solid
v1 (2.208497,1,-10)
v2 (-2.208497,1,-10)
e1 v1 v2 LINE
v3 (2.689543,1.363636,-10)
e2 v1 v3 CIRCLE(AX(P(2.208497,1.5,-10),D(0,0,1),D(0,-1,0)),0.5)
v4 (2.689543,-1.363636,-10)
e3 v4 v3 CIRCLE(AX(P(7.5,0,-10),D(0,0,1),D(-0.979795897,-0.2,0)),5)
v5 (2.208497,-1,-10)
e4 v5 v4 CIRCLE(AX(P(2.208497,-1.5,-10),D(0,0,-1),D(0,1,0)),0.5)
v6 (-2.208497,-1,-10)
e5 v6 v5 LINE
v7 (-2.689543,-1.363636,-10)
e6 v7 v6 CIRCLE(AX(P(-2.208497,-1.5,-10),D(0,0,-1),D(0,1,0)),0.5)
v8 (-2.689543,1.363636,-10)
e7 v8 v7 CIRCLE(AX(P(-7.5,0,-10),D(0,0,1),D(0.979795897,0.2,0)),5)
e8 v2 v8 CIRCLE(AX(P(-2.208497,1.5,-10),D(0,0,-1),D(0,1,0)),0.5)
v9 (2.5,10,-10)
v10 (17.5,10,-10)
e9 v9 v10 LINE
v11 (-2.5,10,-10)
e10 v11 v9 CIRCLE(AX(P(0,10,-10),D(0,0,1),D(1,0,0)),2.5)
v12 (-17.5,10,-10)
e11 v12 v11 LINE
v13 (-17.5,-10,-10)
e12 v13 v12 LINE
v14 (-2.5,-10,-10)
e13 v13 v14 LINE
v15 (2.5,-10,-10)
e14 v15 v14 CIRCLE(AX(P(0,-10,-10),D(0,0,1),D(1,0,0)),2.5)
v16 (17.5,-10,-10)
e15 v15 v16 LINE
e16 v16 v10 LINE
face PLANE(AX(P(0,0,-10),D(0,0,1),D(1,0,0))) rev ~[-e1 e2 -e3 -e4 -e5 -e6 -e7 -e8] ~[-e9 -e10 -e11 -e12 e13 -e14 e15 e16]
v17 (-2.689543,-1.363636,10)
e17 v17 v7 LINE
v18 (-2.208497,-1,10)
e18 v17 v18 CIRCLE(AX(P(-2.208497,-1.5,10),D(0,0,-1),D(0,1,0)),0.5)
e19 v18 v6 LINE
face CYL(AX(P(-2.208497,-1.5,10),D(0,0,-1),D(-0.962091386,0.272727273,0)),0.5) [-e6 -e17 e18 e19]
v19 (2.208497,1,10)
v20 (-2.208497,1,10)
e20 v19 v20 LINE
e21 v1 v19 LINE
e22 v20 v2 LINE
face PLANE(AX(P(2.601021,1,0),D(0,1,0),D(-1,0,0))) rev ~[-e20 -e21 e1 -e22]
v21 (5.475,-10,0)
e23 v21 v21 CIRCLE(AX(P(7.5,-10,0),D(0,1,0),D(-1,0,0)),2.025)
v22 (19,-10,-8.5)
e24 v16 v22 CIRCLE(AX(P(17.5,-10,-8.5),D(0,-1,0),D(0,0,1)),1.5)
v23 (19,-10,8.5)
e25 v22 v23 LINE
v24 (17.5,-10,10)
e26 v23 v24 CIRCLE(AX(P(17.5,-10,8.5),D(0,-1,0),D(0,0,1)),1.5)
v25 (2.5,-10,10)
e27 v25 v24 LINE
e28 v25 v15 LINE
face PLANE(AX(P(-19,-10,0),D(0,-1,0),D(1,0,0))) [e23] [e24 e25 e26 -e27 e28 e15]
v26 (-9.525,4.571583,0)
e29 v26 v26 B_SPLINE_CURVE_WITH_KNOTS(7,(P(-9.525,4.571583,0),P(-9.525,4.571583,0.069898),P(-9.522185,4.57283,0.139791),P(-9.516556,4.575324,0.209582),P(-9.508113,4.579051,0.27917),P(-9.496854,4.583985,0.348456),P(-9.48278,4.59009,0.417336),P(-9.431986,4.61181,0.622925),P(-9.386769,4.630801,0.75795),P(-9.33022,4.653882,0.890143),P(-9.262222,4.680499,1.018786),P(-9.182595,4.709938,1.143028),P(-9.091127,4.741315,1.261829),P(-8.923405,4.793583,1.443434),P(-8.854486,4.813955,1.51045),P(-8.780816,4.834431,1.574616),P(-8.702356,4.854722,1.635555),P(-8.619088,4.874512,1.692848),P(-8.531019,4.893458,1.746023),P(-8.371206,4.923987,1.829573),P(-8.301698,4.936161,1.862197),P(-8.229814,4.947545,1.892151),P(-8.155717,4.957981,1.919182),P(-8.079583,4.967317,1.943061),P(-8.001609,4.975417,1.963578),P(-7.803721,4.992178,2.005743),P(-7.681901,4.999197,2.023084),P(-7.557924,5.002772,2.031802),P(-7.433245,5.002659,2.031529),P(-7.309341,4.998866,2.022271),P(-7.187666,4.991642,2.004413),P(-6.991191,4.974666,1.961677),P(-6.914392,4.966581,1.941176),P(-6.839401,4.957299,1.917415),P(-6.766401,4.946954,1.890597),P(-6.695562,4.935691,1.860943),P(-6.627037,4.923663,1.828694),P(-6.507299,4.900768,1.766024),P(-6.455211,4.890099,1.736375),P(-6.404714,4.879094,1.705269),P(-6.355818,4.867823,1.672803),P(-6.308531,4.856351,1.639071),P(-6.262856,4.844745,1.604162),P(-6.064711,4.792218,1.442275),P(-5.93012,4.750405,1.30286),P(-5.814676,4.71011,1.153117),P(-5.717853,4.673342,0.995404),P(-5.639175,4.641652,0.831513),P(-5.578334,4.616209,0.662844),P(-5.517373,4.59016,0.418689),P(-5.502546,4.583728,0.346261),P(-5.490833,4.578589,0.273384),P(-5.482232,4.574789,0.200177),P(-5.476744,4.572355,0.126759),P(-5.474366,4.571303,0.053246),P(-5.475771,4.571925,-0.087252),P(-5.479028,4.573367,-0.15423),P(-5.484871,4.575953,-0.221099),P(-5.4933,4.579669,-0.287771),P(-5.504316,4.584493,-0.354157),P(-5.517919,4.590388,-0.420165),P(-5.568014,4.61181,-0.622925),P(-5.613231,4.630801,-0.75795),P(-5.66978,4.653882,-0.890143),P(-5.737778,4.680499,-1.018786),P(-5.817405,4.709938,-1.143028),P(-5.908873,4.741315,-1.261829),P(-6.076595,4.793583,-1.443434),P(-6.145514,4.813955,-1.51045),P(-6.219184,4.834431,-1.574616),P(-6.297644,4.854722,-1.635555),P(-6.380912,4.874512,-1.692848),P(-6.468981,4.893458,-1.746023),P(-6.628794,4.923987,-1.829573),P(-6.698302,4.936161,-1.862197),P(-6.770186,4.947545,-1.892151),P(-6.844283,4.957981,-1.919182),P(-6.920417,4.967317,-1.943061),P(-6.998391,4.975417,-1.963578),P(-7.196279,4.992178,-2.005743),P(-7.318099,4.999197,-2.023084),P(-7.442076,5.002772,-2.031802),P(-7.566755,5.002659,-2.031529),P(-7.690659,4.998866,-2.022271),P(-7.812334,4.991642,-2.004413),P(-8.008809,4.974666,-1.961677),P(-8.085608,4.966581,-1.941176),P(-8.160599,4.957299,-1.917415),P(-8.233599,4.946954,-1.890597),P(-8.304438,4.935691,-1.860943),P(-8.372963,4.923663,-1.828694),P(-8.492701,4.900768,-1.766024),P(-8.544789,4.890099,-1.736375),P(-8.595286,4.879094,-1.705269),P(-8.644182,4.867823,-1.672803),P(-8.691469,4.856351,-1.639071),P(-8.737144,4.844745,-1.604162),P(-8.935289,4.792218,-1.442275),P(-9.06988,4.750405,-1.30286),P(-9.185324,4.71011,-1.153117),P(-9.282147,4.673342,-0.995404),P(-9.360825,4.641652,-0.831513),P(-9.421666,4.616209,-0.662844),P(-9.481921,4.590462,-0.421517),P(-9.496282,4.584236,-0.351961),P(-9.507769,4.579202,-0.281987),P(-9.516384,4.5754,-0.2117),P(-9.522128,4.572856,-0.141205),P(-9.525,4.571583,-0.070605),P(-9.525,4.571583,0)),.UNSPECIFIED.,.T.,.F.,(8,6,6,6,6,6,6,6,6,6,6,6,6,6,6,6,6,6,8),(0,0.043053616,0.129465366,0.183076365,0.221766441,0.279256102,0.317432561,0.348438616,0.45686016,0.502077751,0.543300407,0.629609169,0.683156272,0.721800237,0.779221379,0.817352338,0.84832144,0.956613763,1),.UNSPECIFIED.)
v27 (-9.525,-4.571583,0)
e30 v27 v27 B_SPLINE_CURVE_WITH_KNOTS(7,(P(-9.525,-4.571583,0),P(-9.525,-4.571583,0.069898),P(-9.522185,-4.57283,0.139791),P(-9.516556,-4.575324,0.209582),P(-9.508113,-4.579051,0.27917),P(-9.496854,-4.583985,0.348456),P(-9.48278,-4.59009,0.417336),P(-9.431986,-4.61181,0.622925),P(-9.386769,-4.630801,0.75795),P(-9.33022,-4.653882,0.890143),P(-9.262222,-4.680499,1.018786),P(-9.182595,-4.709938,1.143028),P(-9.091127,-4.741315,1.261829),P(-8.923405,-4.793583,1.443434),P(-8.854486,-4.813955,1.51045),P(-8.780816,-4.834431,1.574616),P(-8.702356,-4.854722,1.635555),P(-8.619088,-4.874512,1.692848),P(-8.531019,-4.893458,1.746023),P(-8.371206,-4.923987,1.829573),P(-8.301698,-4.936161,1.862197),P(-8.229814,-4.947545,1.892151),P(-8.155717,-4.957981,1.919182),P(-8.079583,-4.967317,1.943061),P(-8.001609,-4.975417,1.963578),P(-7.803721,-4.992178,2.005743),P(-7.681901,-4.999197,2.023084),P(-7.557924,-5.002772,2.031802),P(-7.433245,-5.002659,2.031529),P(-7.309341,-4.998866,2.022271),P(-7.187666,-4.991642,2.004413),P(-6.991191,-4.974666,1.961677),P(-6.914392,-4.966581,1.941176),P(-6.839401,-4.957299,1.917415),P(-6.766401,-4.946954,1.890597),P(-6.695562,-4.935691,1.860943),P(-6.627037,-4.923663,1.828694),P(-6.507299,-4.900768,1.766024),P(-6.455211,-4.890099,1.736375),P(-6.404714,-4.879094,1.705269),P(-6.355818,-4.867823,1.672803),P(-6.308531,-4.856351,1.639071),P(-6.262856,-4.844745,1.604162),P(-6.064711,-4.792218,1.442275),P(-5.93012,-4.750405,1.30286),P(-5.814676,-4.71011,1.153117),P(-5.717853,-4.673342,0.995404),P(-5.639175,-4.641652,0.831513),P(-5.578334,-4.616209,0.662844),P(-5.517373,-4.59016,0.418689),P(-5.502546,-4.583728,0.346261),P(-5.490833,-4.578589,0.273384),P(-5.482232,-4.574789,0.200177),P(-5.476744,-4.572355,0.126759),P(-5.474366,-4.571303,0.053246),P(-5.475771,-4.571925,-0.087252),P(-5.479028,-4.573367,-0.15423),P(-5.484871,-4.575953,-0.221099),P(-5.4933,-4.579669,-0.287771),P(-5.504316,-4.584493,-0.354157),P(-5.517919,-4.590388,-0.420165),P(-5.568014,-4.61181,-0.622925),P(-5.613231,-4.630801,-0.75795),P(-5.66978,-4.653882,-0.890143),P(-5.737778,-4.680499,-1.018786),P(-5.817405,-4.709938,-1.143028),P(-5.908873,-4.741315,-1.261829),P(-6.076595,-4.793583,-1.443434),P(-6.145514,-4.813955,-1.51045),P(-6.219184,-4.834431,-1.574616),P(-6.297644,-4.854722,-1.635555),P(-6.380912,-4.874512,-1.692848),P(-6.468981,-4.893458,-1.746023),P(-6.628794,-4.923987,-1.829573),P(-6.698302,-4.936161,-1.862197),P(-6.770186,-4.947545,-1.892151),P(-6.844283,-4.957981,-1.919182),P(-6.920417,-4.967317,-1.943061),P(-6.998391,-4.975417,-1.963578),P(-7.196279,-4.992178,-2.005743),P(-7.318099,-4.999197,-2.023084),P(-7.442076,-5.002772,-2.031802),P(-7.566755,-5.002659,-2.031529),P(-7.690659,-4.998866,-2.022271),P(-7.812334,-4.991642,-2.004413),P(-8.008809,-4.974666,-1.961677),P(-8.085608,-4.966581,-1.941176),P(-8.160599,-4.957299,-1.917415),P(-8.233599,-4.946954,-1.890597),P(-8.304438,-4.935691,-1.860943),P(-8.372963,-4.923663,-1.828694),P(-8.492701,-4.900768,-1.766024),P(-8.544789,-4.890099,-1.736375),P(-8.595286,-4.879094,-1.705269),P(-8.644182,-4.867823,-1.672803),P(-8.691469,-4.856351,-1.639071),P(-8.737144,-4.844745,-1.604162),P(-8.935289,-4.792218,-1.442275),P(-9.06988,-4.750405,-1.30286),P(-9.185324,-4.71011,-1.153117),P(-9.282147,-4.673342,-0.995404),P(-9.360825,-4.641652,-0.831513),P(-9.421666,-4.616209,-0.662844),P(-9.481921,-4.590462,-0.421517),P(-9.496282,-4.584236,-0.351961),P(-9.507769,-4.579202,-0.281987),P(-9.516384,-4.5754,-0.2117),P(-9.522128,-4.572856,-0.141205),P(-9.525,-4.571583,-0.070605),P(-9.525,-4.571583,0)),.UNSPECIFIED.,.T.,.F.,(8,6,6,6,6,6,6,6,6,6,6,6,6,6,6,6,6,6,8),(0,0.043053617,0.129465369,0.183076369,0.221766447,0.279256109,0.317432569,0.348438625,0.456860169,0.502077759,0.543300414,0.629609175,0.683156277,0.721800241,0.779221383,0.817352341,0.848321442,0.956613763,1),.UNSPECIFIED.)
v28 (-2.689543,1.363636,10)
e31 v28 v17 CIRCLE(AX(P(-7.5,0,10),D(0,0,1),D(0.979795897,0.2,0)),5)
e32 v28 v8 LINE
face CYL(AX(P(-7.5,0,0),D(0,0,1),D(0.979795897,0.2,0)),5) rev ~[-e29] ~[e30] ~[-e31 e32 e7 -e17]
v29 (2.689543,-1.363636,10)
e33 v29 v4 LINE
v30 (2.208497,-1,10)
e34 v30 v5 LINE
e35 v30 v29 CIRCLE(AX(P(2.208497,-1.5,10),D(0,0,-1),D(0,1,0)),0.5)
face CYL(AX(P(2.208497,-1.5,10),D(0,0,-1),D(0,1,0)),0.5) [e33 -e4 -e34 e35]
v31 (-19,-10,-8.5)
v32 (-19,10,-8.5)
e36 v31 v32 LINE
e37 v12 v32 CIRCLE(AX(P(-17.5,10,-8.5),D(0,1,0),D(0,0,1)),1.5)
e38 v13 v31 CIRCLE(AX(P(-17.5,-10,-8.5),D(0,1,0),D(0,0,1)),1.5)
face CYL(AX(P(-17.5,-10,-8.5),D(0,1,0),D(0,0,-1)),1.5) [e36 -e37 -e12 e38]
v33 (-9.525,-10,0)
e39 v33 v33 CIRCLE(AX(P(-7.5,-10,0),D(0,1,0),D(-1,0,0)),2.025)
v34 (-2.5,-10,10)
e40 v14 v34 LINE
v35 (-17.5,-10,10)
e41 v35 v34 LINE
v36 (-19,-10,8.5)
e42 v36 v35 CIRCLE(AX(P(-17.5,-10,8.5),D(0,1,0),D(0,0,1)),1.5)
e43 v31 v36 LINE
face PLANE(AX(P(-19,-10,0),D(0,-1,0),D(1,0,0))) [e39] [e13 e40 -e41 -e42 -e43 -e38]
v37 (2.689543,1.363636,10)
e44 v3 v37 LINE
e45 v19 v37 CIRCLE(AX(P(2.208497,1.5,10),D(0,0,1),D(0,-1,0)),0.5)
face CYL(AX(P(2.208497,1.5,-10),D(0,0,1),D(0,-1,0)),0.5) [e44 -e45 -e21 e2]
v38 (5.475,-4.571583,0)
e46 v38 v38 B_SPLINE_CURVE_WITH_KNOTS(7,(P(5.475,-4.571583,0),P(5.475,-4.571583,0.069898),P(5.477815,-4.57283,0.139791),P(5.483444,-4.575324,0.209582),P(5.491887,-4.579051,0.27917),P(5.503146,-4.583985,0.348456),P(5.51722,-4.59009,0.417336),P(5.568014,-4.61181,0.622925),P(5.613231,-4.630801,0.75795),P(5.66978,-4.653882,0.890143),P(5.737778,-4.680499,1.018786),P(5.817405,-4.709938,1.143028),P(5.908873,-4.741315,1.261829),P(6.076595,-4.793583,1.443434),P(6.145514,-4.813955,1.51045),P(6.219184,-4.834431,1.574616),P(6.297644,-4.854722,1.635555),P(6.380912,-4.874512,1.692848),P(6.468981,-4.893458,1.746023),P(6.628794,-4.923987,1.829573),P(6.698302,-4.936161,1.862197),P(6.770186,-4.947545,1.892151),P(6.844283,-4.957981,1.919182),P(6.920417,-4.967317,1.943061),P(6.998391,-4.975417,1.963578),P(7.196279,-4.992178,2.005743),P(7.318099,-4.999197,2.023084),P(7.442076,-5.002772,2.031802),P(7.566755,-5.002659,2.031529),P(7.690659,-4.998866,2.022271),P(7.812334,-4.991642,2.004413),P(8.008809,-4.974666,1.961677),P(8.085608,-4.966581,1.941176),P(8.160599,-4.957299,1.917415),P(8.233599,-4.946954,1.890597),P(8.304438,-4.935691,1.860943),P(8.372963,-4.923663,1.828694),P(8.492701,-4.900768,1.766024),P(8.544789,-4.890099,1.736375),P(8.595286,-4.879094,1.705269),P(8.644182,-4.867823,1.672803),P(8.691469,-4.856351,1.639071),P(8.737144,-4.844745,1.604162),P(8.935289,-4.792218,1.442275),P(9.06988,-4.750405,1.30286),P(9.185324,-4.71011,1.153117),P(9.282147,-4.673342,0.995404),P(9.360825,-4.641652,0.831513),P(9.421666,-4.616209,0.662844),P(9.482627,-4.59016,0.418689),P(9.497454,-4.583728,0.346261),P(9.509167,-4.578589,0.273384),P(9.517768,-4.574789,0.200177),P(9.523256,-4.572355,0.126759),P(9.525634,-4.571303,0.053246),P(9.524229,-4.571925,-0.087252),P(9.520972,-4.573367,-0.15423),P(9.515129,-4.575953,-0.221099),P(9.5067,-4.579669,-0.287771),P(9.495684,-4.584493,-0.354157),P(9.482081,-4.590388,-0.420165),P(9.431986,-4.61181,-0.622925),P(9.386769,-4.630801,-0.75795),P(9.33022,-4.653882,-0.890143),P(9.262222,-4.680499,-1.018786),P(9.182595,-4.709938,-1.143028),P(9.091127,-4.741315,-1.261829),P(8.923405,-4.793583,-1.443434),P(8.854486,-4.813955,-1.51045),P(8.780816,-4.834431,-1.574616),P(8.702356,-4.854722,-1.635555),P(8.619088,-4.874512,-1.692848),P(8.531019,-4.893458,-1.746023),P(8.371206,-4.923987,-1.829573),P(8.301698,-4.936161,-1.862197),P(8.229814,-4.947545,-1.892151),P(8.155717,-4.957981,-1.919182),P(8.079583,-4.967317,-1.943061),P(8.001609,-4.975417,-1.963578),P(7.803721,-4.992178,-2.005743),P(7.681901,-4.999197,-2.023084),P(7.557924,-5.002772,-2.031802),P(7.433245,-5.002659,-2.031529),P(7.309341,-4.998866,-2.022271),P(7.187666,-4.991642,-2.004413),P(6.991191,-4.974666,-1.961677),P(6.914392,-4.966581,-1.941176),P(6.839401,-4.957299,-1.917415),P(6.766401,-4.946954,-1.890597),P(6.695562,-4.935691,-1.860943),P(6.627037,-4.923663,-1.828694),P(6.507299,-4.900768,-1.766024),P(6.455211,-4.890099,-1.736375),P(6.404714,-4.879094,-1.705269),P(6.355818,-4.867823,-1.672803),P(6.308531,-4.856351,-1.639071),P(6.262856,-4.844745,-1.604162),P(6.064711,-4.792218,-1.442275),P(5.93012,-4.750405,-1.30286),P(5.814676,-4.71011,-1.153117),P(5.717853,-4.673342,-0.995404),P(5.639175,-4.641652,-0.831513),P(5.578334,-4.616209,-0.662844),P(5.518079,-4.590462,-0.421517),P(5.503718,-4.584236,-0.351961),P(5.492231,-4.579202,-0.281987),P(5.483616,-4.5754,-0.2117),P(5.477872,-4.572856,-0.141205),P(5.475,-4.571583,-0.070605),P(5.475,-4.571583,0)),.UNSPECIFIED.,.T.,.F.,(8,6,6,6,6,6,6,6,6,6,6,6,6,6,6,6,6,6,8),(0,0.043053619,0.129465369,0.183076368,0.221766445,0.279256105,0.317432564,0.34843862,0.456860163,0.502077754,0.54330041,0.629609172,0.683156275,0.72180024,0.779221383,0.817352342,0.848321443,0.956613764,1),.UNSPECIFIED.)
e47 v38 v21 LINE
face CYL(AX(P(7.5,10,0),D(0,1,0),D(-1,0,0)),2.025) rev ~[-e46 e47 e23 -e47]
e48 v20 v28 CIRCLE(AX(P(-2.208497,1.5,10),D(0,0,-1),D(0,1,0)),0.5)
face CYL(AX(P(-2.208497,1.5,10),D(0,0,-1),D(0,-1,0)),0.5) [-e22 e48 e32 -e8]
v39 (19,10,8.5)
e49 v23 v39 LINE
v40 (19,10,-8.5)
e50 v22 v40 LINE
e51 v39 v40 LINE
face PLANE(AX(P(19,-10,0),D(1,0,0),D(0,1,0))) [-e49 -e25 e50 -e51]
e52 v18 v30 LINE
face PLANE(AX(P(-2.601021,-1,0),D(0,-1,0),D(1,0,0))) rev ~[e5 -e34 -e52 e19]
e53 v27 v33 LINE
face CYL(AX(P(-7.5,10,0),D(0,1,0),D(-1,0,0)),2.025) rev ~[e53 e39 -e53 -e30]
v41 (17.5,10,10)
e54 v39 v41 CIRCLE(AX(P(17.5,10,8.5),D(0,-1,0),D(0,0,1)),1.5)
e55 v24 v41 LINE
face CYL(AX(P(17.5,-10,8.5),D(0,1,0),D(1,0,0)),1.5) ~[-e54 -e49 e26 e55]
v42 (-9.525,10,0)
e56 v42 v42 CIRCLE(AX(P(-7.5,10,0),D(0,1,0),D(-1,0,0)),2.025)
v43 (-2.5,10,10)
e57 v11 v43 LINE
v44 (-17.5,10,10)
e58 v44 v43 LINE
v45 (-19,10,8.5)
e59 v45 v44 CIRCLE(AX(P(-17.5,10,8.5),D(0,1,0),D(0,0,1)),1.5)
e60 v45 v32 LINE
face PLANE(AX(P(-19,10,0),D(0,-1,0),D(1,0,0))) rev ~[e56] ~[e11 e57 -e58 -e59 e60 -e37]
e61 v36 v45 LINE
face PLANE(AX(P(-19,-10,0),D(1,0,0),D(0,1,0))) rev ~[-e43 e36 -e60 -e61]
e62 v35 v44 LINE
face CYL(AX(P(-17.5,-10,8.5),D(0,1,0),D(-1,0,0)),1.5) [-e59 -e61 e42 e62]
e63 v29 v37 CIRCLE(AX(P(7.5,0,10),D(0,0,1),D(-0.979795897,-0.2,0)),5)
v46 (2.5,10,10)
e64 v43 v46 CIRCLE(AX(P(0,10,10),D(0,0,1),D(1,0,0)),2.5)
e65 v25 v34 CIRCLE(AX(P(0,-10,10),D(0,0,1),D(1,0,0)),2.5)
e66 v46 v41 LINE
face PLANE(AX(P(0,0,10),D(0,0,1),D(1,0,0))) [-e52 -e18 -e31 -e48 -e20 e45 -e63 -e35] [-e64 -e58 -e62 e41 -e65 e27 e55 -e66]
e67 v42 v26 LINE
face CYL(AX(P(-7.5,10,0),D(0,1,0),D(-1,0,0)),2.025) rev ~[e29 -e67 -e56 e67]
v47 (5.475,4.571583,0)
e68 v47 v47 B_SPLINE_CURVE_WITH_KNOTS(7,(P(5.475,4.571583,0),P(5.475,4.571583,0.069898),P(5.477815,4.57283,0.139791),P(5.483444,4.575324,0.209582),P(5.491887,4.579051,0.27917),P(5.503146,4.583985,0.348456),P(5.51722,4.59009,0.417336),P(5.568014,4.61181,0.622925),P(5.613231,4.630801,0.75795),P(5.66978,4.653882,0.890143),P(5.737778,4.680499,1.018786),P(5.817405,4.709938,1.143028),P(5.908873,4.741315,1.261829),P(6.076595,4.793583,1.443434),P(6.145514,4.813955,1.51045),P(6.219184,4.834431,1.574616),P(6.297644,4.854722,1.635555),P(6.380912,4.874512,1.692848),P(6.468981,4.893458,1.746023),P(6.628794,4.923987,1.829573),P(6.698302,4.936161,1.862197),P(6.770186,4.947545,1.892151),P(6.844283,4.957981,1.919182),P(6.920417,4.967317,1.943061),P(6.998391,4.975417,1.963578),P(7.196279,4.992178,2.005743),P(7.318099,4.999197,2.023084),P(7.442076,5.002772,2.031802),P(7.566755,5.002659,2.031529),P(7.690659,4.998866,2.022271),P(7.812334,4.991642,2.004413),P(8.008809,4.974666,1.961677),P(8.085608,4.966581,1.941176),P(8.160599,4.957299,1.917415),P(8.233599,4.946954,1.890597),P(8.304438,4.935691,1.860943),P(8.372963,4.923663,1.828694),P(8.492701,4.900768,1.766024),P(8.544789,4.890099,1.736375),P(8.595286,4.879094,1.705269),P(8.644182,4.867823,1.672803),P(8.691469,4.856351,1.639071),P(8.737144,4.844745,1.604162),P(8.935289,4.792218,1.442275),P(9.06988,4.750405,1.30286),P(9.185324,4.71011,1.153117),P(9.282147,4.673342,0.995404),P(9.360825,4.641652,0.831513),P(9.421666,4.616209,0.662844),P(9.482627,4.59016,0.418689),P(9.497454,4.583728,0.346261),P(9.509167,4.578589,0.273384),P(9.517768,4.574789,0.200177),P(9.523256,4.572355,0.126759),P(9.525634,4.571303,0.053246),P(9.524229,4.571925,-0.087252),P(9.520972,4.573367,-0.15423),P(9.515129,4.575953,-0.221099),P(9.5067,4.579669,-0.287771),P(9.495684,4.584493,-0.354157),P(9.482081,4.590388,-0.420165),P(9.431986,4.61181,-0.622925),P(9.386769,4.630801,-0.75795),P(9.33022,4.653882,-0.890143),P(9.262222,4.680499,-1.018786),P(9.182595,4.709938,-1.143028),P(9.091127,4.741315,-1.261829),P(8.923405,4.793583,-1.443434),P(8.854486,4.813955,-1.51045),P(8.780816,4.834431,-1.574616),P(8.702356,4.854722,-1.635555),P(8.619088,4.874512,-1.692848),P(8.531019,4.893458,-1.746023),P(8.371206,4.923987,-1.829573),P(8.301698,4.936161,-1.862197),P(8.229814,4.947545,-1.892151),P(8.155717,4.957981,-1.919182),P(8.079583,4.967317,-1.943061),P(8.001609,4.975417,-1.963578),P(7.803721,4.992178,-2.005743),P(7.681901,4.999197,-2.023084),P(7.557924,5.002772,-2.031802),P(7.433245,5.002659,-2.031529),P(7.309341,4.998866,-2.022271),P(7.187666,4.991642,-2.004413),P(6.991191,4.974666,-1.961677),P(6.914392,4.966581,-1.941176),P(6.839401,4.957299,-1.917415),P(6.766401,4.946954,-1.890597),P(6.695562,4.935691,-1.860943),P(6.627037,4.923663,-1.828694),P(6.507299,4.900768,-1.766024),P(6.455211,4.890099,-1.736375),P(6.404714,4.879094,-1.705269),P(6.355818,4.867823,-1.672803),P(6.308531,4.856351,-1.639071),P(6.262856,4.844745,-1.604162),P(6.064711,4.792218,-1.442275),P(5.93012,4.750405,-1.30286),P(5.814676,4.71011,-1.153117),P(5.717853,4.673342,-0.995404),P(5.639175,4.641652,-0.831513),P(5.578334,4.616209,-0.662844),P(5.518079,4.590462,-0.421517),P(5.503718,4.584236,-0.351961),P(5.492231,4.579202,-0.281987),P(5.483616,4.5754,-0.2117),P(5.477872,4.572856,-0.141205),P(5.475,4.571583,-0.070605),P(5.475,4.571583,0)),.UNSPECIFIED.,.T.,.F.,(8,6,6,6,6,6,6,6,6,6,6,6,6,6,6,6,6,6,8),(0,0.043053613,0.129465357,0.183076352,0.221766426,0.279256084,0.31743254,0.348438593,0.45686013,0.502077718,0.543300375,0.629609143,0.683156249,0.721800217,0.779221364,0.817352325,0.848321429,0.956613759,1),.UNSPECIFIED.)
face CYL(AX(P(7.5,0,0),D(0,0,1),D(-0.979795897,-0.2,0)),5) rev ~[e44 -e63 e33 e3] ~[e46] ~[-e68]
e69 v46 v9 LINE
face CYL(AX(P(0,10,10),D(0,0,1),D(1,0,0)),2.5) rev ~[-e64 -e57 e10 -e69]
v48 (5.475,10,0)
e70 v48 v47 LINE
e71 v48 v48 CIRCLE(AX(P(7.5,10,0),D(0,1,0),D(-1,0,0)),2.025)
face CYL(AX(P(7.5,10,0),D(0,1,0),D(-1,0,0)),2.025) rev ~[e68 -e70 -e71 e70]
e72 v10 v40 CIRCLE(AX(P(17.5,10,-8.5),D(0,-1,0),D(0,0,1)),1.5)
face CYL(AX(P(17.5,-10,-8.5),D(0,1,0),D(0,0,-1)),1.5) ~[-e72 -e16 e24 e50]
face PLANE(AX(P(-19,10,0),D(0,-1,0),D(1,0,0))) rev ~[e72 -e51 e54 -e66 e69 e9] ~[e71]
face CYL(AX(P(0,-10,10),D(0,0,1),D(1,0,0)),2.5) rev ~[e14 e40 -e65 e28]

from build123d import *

# Parameters (mm, degrees)
SKETCH_1_W          = 38
SKETCH_1_H          = 20
EXTRUDE_1_DEPTH     = 10
SKETCH_2_R          = 2.025
CUT_EXTRUDE_1_DEPTH = 30.342801502
FILLET_1_R          = 0.5
SKETCH_3_R          = 2.5
CUT_EXTRUDE_2_DEPTH = 30.342801604
FILLET_2_R          = 1.5


with BuildPart() as part:
    # 草图1 → 凸台-拉伸1 (new, symmetric)
    with BuildSketch(Plane.XY):
        Rectangle(SKETCH_1_W, SKETCH_1_H)
        with BuildLine():
            Line((2.601020514, 1), (-2.601020514, 1))
            ThreePointArc((-2.601020514, 1), (-12.5, 0), (-2.601020514, -1))
            Line((-2.601020514, -1), (2.601020514, -1))
            ThreePointArc((2.601020514, -1), (12.5, 0), (2.601020514, 1))
        make_face(mode=Mode.SUBTRACT)
    extrude(amount=EXTRUDE_1_DEPTH, both=True)

    # 草图2 → 切除-拉伸1 (cut, through all)
    with BuildSketch(Plane(origin=(0, 10, 0), x_dir=(1, 0, 0), z_dir=(0, 1, 0))):
        with Locations(Location((-7.5, 0, 0), (0, 0, 180))):
            Circle(SKETCH_2_R)
        with Locations(Location((7.5, 0, 0), (0, 0, 180))):
            Circle(SKETCH_2_R)
    extrude(amount=-CUT_EXTRUDE_1_DEPTH, mode=Mode.SUBTRACT)

    # 圆角1
    fillet_1_edges = [part.edges().sort_by_distance(p)[0] for p in [
        (2.601020514, -1, 0),
        (2.601020514, 1, 0),
        (-2.601020514, 1, 0),
        (-2.601020514, -1, 0),
    ]]
    fillet(fillet_1_edges, radius=FILLET_1_R)

    # 草图3 → 切除-拉伸2 (cut, through all)
    with BuildSketch(Plane.XY.offset(10)):
        with Locations((0, 10)):
            Circle(SKETCH_3_R)
        with Locations((0, -10)):
            Circle(SKETCH_3_R)
    extrude(amount=-CUT_EXTRUDE_2_DEPTH, mode=Mode.SUBTRACT)

    # 圆角2
    fillet_2_edges = [part.edges().sort_by_distance(p)[0] for p in [
        (19, 0, 10),
        (-19, 0, 10),
        (19, 0, -10),
        (-19, 0, -10),
    ]]
    fillet(fillet_2_edges, radius=FILLET_2_R)


solid = part.part
